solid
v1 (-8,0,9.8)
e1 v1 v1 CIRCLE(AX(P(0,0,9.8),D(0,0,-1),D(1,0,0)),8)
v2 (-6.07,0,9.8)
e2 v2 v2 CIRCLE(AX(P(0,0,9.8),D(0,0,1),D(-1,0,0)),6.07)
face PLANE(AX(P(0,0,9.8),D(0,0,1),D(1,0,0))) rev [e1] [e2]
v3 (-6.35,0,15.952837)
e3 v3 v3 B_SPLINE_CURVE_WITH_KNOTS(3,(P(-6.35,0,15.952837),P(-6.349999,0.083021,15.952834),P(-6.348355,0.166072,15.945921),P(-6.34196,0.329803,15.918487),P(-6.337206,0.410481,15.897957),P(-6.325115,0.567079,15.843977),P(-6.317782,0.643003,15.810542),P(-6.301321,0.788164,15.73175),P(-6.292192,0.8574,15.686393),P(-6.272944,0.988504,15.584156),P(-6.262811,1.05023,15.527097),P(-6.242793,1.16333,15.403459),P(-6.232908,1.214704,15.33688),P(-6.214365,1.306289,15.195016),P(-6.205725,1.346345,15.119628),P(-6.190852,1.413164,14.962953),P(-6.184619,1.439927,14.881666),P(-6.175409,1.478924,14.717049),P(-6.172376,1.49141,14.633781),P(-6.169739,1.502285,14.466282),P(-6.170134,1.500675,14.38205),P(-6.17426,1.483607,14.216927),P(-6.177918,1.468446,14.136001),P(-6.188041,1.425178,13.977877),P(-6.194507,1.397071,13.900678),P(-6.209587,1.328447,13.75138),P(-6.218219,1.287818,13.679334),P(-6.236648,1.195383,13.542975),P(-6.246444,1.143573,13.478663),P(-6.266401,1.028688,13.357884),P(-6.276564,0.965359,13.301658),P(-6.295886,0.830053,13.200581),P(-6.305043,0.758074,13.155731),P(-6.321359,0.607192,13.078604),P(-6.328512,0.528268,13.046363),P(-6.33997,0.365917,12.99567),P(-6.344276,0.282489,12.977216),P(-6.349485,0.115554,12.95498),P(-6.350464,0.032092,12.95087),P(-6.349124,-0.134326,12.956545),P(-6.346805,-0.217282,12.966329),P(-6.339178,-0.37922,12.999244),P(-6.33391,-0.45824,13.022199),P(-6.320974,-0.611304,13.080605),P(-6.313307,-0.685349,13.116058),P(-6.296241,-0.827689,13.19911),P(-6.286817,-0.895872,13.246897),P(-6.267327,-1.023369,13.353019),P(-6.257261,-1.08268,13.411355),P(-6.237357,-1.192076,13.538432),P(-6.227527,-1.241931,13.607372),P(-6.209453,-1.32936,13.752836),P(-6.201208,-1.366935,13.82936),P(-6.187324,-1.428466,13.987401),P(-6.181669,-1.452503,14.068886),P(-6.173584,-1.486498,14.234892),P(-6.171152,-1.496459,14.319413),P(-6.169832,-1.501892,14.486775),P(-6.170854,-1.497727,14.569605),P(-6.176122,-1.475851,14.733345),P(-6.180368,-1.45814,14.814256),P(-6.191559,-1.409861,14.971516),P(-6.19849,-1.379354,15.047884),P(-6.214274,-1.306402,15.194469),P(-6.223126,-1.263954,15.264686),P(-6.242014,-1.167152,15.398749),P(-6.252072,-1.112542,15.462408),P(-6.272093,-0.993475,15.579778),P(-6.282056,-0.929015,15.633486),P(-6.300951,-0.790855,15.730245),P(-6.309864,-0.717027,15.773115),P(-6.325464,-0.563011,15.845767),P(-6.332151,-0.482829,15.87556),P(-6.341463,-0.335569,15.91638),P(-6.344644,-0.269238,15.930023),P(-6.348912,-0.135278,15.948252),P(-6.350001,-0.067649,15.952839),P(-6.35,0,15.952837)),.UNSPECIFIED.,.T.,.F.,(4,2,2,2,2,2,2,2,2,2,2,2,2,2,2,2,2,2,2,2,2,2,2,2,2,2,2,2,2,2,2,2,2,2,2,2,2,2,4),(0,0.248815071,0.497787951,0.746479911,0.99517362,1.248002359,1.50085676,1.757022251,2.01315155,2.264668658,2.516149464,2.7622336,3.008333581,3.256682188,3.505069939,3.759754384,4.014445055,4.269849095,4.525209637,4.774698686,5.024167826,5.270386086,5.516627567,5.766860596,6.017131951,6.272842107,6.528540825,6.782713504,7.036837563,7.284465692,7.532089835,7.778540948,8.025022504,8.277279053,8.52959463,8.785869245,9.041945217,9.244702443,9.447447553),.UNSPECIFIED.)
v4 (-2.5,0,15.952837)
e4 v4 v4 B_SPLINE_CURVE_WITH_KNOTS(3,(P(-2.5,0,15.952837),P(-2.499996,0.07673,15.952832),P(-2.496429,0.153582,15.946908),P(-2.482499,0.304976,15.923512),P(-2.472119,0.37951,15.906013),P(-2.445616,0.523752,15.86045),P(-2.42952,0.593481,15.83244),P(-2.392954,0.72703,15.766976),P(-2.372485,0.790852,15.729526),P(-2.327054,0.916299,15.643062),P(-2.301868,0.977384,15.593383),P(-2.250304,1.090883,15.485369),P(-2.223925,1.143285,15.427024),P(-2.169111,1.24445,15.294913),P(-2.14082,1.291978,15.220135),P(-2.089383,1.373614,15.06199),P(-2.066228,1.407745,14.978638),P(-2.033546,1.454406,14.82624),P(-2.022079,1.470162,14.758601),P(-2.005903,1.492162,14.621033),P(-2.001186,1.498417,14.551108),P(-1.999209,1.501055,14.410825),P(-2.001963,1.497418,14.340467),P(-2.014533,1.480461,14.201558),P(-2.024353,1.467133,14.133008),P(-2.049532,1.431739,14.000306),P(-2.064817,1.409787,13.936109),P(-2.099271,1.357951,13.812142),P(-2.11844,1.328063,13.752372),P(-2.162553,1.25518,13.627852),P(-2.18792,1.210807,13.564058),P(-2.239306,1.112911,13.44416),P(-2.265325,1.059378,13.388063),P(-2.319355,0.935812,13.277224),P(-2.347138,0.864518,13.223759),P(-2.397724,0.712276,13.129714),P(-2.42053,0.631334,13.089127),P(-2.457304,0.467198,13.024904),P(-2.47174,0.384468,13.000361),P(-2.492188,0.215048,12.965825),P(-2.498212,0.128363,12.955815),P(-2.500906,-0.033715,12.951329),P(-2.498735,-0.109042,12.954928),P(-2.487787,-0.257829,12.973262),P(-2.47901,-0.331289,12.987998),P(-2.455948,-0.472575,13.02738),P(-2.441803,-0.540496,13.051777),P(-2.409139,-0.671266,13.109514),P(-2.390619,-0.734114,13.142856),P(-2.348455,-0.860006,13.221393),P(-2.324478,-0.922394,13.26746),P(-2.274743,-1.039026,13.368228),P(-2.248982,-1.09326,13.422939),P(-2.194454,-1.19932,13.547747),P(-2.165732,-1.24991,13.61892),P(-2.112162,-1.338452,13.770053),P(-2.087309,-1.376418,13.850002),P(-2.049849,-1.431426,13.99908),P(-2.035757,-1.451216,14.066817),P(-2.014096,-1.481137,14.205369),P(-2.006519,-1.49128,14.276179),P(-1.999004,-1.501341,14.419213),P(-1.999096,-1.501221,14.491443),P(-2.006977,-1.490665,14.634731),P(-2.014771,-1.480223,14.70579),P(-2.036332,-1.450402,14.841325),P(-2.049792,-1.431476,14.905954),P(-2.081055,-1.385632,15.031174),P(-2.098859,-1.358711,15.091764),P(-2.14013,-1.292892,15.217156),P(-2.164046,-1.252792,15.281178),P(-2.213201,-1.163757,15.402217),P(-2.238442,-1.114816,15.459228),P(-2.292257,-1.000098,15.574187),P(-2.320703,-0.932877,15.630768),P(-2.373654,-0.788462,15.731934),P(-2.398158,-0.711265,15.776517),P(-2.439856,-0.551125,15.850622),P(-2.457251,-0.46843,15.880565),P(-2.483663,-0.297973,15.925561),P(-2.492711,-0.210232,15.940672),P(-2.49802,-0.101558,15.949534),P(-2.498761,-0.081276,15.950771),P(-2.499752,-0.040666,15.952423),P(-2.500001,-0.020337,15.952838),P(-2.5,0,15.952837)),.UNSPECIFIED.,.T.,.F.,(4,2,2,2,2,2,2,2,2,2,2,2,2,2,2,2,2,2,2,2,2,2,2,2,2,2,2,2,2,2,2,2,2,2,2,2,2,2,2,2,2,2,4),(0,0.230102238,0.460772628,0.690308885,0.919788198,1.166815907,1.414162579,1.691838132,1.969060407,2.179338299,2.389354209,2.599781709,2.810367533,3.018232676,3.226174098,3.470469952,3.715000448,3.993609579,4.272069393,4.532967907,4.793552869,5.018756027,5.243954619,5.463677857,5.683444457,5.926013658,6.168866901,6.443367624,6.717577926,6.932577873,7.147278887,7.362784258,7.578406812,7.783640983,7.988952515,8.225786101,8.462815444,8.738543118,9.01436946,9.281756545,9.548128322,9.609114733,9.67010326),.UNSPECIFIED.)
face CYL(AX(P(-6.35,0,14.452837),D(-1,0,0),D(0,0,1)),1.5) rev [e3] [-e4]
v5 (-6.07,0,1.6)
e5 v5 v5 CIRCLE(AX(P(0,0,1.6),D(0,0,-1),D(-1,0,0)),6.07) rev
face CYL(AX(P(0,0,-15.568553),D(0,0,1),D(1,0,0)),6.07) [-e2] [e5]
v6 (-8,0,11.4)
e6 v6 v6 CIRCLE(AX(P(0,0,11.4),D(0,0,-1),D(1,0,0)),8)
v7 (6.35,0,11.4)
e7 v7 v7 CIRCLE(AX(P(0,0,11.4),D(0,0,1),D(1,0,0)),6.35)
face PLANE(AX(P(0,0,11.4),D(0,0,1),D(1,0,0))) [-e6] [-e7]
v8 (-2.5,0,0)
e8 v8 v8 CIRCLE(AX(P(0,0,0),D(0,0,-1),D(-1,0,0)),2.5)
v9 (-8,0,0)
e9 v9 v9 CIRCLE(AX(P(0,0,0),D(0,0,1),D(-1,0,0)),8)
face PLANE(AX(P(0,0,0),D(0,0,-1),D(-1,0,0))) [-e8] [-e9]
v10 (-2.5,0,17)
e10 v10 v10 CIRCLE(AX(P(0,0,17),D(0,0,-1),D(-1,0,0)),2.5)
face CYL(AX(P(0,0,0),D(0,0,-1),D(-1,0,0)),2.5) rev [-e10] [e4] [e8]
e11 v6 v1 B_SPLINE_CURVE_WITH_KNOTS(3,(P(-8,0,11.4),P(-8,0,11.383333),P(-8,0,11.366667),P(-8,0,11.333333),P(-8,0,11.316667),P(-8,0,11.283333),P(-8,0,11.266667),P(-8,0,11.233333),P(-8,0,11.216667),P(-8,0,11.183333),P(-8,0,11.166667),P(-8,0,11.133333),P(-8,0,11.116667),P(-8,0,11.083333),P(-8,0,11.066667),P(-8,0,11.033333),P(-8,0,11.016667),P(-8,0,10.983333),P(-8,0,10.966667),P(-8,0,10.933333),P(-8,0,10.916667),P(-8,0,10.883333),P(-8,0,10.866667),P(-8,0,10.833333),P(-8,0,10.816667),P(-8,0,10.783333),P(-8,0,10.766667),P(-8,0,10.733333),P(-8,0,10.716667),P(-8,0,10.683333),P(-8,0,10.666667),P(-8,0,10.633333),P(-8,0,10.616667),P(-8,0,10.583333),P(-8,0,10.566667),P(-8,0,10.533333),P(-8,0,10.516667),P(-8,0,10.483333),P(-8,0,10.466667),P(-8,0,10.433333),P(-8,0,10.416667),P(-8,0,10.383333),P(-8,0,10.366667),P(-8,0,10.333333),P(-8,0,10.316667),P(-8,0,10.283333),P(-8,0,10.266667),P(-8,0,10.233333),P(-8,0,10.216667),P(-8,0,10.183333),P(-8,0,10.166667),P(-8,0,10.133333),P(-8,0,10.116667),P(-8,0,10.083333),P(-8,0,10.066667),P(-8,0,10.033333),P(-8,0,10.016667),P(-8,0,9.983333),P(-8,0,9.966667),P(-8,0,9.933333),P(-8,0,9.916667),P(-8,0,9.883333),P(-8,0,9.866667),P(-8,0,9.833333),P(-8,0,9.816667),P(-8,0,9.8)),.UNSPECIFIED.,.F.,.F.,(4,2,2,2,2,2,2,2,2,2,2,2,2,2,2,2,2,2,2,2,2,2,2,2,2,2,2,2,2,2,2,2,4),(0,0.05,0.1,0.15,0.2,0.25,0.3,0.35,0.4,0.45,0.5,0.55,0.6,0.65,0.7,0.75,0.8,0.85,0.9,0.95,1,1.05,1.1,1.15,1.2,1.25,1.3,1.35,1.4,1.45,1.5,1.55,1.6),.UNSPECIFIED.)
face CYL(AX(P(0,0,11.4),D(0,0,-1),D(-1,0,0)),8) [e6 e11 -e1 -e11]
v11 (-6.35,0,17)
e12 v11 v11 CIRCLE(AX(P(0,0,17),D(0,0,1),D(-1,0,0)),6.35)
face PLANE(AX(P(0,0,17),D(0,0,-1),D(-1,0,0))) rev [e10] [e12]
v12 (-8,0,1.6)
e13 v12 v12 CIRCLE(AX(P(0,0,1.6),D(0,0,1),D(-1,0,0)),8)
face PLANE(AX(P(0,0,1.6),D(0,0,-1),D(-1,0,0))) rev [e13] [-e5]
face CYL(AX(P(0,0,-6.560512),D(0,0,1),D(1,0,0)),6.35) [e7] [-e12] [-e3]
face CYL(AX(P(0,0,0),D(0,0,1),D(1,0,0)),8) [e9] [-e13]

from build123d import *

# Parameters (mm, degrees)
SKETCH1_R                     = 8
BOSS_EXTRUDE1_DEPTH           = 1.6
SKETCH2_R                     = 6.07
BOSS_EXTRUDE2_DEPTH           = 8.2
BOSS_EXTRUDE3_START           = -1.6
SKETCH3_R                     = 8
BOSS_EXTRUDE3_DEPTH           = 1.6
SKETCH4_R                     = 6.35
BOSS_EXTRUDE4_DEPTH           = 5.6
F_5_0_5_DIAMETER_HOLE1_D      = 5
F_3_0_3_DIAMETER_HOLE1_REACH  = 23.882
F_3_0_3_DIAMETER_HOLE1_BORE_R = 1.5


with BuildPart() as part:
    # Sketch1 → Boss-Extrude1 (new body)
    with BuildSketch(Plane.XY.offset(1.6)):
        with Locations(Location((0, 0, 0), (0, 0, 180))):
            Circle(SKETCH1_R)
    extrude(amount=-BOSS_EXTRUDE1_DEPTH)

    # Sketch2 → Boss-Extrude2 (add)
    with BuildSketch(Plane.XY.offset(9.8)):
        with Locations(Location((0, 0, 0), (0, 0, 180))):
            Circle(SKETCH2_R)
    extrude(amount=-BOSS_EXTRUDE2_DEPTH)

    # Sketch3 → Boss-Extrude3 (add)
    with BuildSketch(Plane(origin=(0, 0, 9.8), x_dir=(-1, 0, 0), z_dir=(0, 0, -1)).offset(BOSS_EXTRUDE3_START)):
        Circle(SKETCH3_R)
    extrude(amount=BOSS_EXTRUDE3_DEPTH)

    # Sketch4 → Boss-Extrude4 (add)
    with BuildSketch(Plane.XY.offset(17)):
        Circle(SKETCH4_R)
    extrude(amount=-BOSS_EXTRUDE4_DEPTH)

    # Ø5.0 (5) Diameter Hole1 (through all)
    with Locations(Plane(origin=(0, 0, 0), x_dir=(-1, 0, 0), z_dir=(0, 0, -1))):
        with Locations((0, 0)):
            Hole(F_5_0_5_DIAMETER_HOLE1_D / 2)

    # Ø3.0 (3) Diameter Hole1 bore (on position points) → Ø3.0 (3) Diameter Hole1 (cut, up to next)
    with BuildSketch(Plane(origin=(-6.35, 0, 14.452836514), x_dir=(0, -1, 0), z_dir=(-1, 0, 0)), mode=Mode.PRIVATE) as f_3_0_3_diameter_hole1_sk1:
        Circle(F_3_0_3_DIAMETER_HOLE1_BORE_R)
    f_3_0_3_diameter_hole1_tool1 = extrude(f_3_0_3_diameter_hole1_sk1.sketch, amount=-F_3_0_3_DIAMETER_HOLE1_REACH, mode=Mode.PRIVATE) & part.part
    add(f_3_0_3_diameter_hole1_tool1.solids().sort_by_distance((-6.35, 0, 14.452837))[0], mode=Mode.SUBTRACT)


solid = part.part
